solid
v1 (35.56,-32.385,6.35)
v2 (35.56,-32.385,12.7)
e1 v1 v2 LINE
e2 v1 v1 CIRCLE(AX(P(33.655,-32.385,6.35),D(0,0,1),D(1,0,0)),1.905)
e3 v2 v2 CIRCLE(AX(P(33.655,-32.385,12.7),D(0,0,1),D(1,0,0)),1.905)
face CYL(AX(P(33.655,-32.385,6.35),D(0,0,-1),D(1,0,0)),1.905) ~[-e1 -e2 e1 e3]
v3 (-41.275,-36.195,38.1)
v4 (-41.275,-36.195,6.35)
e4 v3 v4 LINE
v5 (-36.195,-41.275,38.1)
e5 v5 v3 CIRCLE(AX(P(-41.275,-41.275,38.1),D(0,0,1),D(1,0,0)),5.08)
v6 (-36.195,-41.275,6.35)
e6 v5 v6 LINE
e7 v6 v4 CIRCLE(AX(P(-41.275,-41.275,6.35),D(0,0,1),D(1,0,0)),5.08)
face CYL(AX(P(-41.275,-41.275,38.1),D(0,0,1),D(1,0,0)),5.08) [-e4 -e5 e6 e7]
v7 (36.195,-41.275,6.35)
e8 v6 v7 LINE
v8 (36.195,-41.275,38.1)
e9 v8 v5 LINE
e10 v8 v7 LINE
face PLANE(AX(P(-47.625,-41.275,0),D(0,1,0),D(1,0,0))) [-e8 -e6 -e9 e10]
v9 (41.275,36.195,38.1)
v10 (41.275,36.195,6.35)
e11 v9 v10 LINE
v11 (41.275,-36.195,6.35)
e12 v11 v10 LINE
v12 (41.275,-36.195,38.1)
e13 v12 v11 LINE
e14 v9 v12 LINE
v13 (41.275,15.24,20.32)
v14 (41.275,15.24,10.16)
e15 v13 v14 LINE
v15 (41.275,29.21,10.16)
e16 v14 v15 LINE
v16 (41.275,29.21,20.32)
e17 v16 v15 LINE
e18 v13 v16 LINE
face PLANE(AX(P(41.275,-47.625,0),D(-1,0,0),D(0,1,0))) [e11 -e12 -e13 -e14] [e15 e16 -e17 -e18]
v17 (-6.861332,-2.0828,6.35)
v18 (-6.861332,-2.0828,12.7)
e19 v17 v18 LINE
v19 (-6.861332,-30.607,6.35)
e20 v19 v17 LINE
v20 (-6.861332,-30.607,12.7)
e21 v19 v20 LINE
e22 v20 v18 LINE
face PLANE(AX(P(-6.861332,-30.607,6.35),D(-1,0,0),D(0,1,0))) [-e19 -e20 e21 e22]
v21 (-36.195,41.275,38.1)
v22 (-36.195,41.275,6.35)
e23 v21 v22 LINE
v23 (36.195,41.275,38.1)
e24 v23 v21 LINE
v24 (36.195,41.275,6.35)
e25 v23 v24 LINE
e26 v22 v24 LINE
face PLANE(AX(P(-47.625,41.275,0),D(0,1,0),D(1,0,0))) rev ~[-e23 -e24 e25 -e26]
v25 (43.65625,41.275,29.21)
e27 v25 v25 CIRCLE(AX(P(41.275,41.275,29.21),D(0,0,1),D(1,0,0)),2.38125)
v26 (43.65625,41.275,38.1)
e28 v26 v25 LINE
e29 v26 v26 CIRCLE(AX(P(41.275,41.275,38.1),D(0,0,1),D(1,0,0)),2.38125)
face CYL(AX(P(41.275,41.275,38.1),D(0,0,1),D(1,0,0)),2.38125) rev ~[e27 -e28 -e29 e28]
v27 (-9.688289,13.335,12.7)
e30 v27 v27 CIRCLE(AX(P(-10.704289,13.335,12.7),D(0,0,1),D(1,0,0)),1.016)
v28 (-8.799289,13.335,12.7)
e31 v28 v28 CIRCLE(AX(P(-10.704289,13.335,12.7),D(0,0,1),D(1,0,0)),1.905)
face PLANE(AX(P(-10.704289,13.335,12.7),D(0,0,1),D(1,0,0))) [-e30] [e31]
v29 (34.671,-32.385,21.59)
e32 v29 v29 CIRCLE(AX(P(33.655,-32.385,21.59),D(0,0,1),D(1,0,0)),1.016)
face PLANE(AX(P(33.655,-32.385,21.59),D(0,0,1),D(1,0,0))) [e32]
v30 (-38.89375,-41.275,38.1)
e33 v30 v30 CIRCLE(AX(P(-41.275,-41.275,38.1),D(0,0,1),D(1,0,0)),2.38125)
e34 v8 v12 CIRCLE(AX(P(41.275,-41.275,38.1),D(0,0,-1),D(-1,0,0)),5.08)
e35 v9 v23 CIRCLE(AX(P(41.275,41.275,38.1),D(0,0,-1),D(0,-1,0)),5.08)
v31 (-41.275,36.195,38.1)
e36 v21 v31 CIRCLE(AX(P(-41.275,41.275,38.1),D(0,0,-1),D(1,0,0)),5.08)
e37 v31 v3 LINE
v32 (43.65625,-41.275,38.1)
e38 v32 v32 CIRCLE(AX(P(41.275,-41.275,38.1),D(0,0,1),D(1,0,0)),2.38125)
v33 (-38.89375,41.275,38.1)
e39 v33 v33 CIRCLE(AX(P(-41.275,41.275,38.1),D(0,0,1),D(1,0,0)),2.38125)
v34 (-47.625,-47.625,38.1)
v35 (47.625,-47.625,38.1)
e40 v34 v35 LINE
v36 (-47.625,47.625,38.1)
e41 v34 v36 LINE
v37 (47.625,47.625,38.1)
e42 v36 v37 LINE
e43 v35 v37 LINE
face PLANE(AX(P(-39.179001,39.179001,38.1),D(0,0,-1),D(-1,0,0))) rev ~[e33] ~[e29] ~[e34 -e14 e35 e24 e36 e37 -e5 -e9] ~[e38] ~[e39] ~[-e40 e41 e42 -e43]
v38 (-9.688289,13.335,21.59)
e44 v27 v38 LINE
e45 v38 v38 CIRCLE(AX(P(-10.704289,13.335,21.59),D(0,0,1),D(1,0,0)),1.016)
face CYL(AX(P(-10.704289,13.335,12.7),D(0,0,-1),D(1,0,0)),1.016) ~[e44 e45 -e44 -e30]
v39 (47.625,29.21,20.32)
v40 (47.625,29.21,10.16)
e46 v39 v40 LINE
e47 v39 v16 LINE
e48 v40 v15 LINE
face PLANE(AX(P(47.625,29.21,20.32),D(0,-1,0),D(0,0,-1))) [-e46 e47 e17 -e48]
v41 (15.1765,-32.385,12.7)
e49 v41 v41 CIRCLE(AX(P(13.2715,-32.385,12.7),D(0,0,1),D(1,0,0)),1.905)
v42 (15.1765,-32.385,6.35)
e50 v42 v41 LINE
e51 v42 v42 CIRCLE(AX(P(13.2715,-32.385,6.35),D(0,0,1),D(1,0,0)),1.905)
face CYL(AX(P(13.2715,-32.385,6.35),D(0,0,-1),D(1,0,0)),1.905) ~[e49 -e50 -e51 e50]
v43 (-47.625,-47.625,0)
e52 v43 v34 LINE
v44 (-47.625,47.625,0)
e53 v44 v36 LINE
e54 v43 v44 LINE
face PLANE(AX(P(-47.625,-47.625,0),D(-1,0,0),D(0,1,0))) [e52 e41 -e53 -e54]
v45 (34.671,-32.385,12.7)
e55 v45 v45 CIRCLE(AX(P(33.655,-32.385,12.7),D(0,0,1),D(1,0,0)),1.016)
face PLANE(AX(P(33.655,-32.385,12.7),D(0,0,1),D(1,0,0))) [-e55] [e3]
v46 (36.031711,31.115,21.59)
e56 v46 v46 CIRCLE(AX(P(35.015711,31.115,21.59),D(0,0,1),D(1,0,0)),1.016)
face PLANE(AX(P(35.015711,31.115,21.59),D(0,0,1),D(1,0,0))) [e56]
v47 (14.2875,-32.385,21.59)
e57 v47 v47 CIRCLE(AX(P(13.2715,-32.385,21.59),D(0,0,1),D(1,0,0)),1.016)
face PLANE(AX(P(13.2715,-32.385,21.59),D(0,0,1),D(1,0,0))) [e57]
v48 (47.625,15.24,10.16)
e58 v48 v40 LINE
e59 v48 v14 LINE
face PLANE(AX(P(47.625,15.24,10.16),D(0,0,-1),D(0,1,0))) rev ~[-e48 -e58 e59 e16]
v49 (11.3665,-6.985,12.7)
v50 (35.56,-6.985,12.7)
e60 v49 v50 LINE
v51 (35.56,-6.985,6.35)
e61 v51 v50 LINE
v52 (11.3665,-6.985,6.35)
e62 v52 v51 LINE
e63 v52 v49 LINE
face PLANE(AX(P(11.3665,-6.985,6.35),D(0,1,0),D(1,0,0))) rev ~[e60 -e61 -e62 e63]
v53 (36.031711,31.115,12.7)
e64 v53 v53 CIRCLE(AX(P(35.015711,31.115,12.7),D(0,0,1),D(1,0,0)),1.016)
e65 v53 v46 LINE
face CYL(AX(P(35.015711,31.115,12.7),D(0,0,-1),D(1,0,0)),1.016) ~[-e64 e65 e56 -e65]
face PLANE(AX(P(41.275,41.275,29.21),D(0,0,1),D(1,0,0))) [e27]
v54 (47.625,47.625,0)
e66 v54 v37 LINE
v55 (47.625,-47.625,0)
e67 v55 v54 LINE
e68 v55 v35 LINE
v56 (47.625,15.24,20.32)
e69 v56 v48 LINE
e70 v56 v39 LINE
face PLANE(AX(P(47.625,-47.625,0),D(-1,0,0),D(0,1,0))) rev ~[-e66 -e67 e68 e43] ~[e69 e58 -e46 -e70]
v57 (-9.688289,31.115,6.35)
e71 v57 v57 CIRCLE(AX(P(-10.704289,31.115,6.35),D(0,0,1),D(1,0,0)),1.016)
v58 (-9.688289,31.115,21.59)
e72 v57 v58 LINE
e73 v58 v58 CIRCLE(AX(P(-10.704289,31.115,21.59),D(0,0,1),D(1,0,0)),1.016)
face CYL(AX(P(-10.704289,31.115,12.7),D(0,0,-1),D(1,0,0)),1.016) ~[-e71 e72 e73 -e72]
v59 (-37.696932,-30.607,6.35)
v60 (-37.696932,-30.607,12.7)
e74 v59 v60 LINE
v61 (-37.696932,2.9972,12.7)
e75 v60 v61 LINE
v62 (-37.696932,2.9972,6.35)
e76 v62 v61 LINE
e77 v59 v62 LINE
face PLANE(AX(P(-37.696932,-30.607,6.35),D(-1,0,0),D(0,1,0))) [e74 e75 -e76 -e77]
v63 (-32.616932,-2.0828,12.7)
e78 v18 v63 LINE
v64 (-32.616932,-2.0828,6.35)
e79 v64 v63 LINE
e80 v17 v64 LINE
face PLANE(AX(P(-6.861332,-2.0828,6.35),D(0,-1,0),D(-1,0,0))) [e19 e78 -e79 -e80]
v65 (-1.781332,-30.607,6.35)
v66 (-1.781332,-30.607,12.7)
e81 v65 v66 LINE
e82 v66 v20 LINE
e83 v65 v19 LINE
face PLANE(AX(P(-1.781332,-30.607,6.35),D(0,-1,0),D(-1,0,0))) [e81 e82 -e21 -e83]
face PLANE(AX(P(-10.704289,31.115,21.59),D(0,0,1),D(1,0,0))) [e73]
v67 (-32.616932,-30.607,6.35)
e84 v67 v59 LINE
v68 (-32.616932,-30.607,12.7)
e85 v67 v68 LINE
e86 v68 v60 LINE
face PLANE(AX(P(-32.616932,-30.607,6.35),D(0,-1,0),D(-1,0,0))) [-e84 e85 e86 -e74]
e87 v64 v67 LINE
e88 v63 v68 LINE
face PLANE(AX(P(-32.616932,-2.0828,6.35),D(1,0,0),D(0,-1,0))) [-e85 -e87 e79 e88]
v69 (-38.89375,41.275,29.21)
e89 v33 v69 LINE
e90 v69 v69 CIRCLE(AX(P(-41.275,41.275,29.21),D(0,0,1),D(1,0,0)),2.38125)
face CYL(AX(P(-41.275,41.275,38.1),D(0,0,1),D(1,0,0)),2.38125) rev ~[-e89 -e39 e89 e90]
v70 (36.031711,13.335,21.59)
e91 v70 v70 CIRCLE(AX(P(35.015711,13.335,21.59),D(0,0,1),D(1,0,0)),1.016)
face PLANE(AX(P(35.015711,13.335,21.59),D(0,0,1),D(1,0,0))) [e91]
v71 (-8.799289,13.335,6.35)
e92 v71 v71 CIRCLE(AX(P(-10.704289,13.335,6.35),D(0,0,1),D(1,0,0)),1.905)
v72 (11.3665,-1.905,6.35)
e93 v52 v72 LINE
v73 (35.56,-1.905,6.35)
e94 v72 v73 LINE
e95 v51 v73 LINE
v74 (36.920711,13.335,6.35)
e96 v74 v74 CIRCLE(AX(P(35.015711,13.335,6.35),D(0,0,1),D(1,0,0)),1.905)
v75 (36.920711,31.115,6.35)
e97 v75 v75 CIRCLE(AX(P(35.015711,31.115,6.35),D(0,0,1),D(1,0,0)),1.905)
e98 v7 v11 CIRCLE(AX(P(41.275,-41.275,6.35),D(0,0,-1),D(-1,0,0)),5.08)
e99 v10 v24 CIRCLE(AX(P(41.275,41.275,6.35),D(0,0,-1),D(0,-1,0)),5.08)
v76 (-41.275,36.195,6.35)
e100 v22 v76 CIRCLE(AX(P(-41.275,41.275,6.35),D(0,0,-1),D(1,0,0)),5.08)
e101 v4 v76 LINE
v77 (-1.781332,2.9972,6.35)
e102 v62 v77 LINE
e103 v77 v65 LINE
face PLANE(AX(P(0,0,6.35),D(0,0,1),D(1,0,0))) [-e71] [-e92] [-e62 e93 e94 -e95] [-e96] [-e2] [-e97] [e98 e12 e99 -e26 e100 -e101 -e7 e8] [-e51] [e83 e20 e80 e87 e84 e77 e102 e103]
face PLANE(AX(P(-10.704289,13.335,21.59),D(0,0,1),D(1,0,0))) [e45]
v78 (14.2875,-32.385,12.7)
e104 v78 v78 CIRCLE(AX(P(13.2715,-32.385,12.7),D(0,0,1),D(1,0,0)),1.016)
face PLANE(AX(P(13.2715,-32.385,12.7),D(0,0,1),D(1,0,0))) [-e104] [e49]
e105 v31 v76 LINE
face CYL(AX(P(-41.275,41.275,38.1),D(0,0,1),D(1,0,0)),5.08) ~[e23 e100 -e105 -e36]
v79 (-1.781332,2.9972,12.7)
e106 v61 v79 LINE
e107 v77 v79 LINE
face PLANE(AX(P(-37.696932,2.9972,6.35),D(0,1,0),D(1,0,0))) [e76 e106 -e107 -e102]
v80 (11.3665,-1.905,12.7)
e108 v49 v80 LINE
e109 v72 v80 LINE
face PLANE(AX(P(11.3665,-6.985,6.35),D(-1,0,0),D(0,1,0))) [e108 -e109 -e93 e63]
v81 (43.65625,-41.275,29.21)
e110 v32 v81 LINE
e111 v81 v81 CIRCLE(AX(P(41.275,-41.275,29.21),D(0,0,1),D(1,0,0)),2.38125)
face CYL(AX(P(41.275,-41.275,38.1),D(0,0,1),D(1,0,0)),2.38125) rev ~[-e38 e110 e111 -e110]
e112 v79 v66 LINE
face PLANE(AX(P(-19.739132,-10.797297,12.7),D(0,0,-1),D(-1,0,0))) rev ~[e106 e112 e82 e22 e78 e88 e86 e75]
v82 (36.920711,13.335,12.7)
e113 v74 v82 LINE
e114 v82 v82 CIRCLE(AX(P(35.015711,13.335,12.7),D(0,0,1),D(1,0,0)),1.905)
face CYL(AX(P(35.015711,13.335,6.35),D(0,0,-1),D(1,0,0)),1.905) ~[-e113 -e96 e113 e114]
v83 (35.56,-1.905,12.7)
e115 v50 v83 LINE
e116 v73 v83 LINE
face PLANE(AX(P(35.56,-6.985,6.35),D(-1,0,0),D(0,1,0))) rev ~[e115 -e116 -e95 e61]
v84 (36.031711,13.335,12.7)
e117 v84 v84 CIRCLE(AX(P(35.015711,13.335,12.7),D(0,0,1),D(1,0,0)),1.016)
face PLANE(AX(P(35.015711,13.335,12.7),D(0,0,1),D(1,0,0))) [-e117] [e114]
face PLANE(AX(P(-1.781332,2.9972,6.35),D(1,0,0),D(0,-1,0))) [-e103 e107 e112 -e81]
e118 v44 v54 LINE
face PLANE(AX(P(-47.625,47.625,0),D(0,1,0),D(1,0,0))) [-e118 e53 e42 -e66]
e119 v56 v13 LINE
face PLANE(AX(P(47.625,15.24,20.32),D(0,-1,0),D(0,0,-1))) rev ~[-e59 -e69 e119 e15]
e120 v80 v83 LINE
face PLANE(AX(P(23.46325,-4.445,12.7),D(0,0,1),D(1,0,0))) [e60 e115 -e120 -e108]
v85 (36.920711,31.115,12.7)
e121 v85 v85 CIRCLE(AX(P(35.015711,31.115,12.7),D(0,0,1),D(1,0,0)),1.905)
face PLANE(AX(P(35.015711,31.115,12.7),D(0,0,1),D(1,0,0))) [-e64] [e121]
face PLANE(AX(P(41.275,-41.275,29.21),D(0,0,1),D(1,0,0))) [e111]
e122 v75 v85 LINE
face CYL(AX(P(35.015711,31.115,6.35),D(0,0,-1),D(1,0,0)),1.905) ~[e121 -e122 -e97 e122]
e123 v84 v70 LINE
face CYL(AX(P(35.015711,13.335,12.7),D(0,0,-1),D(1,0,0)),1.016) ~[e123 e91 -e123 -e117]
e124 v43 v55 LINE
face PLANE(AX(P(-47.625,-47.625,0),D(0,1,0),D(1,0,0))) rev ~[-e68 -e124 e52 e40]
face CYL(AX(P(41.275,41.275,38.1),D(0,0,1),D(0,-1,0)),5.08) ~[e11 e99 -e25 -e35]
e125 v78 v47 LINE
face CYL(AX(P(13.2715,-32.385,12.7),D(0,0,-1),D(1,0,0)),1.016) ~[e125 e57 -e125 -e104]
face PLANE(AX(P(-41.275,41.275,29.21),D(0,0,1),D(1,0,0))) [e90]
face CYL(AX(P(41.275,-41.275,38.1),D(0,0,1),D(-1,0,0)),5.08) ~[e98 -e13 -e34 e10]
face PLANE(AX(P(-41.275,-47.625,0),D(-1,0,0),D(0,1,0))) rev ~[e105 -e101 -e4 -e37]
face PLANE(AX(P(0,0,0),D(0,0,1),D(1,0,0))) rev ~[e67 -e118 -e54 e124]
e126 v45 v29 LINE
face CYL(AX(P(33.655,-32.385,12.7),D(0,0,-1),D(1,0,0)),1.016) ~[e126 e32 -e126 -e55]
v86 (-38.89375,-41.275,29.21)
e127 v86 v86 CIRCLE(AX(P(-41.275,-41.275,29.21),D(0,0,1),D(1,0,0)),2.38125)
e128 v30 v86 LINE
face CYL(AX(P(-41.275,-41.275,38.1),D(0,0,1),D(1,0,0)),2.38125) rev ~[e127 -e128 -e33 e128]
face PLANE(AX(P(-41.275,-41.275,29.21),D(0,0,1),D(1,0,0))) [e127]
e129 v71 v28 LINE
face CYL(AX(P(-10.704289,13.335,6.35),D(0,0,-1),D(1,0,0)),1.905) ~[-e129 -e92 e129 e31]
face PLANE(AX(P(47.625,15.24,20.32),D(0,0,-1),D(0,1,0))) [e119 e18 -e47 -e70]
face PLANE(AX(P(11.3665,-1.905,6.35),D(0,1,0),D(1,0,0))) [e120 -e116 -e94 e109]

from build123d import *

# Parameters (mm, degrees)
SKETCH1_W           = 95.25
SKETCH1_H           = 95.25
BOSS_EXTRUDE1_DEPTH = 38.1
SHELL1_T            = -6.35
BOSS_EXTRUDE2_DEPTH = 31.75
SKETCH3_R           = 1.905
SKETCH3_R_2         = 1.016
BOSS_EXTRUDE3_DEPTH = 6.35
SKETCH4_R           = 1.016
BOSS_EXTRUDE4_DEPTH = 8.89
SKETCH5_R           = 1.905
SKETCH5_W           = 24.1935
SKETCH5_H           = 5.08
BOSS_EXTRUDE5_DEPTH = 6.35
SKETCH7_R           = 1.016
BOSS_EXTRUDE6_DEPTH = 8.89
SKETCH8_R           = 2.38125
CUT_EXTRUDE1_DEPTH  = 8.89
BOSS_EXTRUDE7_DEPTH = 6.35
SKETCH12_W          = 10.16
SKETCH12_H          = 13.97
CUT_EXTRUDE2_DEPTH  = 6.35


with BuildPart() as part:
    # Sketch1 → Boss-Extrude1 (new body)
    with BuildSketch(Plane.XY):
        Rectangle(SKETCH1_W, SKETCH1_H)
    extrude(amount=BOSS_EXTRUDE1_DEPTH)

    # Shell1
    shell1_openings = [part.faces().sort_by_distance(p)[0] for p in [
        (0, 0, 38.1),
    ]]
    offset(amount=SHELL1_T, openings=shell1_openings, kind=Kind.INTERSECTION)

    # Sketch2 → Boss-Extrude2 (add)
    with BuildSketch(Plane.XY.offset(38.1)):
        with BuildLine():
            Line((-41.275, 41.275), (-36.195, 41.275))
            ThreePointArc((-36.195, 41.275), (-37.682897552, 37.682897552), (-41.275, 36.195))
            Line((-41.275, 36.195), (-41.275, 41.275))
        make_face()
        with BuildLine():
            Line((36.195, 41.275), (41.275, 41.275))
            Line((41.275, 41.275), (41.275, 36.195))
            ThreePointArc((41.275, 36.195), (37.682897552, 37.682897552), (36.195, 41.275))
        make_face()
        with BuildLine():
            Line((41.275, -36.195), (41.275, -41.275))
            Line((41.275, -41.275), (36.195, -41.275))
            ThreePointArc((36.195, -41.275), (37.682897552, -37.682897552), (41.275, -36.195))
        make_face()
        with BuildLine():
            Line((-41.275, -36.195), (-41.275, -41.275))
            Line((-41.275, -41.275), (-36.195, -41.275))
            ThreePointArc((-36.195, -41.275), (-37.682897552, -37.682897552), (-41.275, -36.195))
        make_face()
    extrude(amount=-BOSS_EXTRUDE2_DEPTH)

    # Sketch3 → Boss-Extrude3 (add)
    with BuildSketch(Plane.XY.offset(6.35)):
        with Locations((35.015710728, 31.115)):
            Circle(SKETCH3_R)
        with Locations((-10.704289272, 31.115)):
            Circle(SKETCH3_R_2)
        with Locations((-10.704289272, 13.335)):
            Circle(SKETCH3_R)
        with Locations((35.015710728, 13.335)):
            Circle(SKETCH3_R)
    extrude(amount=BOSS_EXTRUDE3_DEPTH)

    # Sketch4 → Boss-Extrude4 (add)
    with BuildSketch(Plane.XY.offset(12.7)):
        with Locations((-10.704289272, 31.115)):
            Circle(SKETCH4_R)
        with Locations((-10.704289272, 13.335)):
            Circle(SKETCH4_R)
        with Locations((35.015710728, 31.115)):
            Circle(SKETCH4_R)
        with Locations((35.015710728, 13.335)):
            Circle(SKETCH4_R)
    extrude(amount=BOSS_EXTRUDE4_DEPTH)

    # Sketch5 → Boss-Extrude5 (add)
    with BuildSketch(Plane.XY.offset(6.35)):
        with Locations((13.2715, -32.385)):
            Circle(SKETCH5_R)
        with Locations((33.655, -32.385)):
            Circle(SKETCH5_R)
        with Locations((23.46325, -4.445)):
            Rectangle(SKETCH5_W, SKETCH5_H)
    extrude(amount=BOSS_EXTRUDE5_DEPTH)

    # Sketch7 → Boss-Extrude6 (add)
    with BuildSketch(Plane.XY.offset(12.7)):
        with Locations((13.2715, -32.385)):
            Circle(SKETCH7_R)
        with Locations((33.655, -32.385)):
            Circle(SKETCH7_R)
    extrude(amount=BOSS_EXTRUDE6_DEPTH)

    # Sketch8 → Cut-Extrude1 (cut)
    with BuildSketch(Plane.XY.offset(38.1)):
        with Locations((-41.275, 41.275)):
            Circle(SKETCH8_R)
        with Locations((41.275, 41.275)):
            Circle(SKETCH8_R)
        with Locations((41.275, -41.275)):
            Circle(SKETCH8_R)
        with Locations((-41.275, -41.275)):
            Circle(SKETCH8_R)
    extrude(amount=-CUT_EXTRUDE1_DEPTH, mode=Mode.SUBTRACT)

    # Sketch10 → Boss-Extrude7 (add)
    with BuildSketch(Plane.XY.offset(6.35)):
        Polygon((-37.696932409, -30.607), (-37.696932409, 2.9972), (-1.781332409, 2.9972), (-1.781332409, -30.607), (-6.861332409, -30.607), (-6.861332409, -2.0828), (-32.616932409, -2.0828), (-32.616932409, -30.607), align=None)
    extrude(amount=BOSS_EXTRUDE7_DEPTH)

    # Sketch12 → Cut-Extrude2 (cut)
    with BuildSketch(Plane(origin=(47.625, 0, 0), x_dir=(0, 0, -1), z_dir=(1, 0, 0))):
        with Locations((-15.24, 22.225)):
            Rectangle(SKETCH12_W, SKETCH12_H)
    extrude(amount=-CUT_EXTRUDE2_DEPTH, mode=Mode.SUBTRACT)


solid = part.part
